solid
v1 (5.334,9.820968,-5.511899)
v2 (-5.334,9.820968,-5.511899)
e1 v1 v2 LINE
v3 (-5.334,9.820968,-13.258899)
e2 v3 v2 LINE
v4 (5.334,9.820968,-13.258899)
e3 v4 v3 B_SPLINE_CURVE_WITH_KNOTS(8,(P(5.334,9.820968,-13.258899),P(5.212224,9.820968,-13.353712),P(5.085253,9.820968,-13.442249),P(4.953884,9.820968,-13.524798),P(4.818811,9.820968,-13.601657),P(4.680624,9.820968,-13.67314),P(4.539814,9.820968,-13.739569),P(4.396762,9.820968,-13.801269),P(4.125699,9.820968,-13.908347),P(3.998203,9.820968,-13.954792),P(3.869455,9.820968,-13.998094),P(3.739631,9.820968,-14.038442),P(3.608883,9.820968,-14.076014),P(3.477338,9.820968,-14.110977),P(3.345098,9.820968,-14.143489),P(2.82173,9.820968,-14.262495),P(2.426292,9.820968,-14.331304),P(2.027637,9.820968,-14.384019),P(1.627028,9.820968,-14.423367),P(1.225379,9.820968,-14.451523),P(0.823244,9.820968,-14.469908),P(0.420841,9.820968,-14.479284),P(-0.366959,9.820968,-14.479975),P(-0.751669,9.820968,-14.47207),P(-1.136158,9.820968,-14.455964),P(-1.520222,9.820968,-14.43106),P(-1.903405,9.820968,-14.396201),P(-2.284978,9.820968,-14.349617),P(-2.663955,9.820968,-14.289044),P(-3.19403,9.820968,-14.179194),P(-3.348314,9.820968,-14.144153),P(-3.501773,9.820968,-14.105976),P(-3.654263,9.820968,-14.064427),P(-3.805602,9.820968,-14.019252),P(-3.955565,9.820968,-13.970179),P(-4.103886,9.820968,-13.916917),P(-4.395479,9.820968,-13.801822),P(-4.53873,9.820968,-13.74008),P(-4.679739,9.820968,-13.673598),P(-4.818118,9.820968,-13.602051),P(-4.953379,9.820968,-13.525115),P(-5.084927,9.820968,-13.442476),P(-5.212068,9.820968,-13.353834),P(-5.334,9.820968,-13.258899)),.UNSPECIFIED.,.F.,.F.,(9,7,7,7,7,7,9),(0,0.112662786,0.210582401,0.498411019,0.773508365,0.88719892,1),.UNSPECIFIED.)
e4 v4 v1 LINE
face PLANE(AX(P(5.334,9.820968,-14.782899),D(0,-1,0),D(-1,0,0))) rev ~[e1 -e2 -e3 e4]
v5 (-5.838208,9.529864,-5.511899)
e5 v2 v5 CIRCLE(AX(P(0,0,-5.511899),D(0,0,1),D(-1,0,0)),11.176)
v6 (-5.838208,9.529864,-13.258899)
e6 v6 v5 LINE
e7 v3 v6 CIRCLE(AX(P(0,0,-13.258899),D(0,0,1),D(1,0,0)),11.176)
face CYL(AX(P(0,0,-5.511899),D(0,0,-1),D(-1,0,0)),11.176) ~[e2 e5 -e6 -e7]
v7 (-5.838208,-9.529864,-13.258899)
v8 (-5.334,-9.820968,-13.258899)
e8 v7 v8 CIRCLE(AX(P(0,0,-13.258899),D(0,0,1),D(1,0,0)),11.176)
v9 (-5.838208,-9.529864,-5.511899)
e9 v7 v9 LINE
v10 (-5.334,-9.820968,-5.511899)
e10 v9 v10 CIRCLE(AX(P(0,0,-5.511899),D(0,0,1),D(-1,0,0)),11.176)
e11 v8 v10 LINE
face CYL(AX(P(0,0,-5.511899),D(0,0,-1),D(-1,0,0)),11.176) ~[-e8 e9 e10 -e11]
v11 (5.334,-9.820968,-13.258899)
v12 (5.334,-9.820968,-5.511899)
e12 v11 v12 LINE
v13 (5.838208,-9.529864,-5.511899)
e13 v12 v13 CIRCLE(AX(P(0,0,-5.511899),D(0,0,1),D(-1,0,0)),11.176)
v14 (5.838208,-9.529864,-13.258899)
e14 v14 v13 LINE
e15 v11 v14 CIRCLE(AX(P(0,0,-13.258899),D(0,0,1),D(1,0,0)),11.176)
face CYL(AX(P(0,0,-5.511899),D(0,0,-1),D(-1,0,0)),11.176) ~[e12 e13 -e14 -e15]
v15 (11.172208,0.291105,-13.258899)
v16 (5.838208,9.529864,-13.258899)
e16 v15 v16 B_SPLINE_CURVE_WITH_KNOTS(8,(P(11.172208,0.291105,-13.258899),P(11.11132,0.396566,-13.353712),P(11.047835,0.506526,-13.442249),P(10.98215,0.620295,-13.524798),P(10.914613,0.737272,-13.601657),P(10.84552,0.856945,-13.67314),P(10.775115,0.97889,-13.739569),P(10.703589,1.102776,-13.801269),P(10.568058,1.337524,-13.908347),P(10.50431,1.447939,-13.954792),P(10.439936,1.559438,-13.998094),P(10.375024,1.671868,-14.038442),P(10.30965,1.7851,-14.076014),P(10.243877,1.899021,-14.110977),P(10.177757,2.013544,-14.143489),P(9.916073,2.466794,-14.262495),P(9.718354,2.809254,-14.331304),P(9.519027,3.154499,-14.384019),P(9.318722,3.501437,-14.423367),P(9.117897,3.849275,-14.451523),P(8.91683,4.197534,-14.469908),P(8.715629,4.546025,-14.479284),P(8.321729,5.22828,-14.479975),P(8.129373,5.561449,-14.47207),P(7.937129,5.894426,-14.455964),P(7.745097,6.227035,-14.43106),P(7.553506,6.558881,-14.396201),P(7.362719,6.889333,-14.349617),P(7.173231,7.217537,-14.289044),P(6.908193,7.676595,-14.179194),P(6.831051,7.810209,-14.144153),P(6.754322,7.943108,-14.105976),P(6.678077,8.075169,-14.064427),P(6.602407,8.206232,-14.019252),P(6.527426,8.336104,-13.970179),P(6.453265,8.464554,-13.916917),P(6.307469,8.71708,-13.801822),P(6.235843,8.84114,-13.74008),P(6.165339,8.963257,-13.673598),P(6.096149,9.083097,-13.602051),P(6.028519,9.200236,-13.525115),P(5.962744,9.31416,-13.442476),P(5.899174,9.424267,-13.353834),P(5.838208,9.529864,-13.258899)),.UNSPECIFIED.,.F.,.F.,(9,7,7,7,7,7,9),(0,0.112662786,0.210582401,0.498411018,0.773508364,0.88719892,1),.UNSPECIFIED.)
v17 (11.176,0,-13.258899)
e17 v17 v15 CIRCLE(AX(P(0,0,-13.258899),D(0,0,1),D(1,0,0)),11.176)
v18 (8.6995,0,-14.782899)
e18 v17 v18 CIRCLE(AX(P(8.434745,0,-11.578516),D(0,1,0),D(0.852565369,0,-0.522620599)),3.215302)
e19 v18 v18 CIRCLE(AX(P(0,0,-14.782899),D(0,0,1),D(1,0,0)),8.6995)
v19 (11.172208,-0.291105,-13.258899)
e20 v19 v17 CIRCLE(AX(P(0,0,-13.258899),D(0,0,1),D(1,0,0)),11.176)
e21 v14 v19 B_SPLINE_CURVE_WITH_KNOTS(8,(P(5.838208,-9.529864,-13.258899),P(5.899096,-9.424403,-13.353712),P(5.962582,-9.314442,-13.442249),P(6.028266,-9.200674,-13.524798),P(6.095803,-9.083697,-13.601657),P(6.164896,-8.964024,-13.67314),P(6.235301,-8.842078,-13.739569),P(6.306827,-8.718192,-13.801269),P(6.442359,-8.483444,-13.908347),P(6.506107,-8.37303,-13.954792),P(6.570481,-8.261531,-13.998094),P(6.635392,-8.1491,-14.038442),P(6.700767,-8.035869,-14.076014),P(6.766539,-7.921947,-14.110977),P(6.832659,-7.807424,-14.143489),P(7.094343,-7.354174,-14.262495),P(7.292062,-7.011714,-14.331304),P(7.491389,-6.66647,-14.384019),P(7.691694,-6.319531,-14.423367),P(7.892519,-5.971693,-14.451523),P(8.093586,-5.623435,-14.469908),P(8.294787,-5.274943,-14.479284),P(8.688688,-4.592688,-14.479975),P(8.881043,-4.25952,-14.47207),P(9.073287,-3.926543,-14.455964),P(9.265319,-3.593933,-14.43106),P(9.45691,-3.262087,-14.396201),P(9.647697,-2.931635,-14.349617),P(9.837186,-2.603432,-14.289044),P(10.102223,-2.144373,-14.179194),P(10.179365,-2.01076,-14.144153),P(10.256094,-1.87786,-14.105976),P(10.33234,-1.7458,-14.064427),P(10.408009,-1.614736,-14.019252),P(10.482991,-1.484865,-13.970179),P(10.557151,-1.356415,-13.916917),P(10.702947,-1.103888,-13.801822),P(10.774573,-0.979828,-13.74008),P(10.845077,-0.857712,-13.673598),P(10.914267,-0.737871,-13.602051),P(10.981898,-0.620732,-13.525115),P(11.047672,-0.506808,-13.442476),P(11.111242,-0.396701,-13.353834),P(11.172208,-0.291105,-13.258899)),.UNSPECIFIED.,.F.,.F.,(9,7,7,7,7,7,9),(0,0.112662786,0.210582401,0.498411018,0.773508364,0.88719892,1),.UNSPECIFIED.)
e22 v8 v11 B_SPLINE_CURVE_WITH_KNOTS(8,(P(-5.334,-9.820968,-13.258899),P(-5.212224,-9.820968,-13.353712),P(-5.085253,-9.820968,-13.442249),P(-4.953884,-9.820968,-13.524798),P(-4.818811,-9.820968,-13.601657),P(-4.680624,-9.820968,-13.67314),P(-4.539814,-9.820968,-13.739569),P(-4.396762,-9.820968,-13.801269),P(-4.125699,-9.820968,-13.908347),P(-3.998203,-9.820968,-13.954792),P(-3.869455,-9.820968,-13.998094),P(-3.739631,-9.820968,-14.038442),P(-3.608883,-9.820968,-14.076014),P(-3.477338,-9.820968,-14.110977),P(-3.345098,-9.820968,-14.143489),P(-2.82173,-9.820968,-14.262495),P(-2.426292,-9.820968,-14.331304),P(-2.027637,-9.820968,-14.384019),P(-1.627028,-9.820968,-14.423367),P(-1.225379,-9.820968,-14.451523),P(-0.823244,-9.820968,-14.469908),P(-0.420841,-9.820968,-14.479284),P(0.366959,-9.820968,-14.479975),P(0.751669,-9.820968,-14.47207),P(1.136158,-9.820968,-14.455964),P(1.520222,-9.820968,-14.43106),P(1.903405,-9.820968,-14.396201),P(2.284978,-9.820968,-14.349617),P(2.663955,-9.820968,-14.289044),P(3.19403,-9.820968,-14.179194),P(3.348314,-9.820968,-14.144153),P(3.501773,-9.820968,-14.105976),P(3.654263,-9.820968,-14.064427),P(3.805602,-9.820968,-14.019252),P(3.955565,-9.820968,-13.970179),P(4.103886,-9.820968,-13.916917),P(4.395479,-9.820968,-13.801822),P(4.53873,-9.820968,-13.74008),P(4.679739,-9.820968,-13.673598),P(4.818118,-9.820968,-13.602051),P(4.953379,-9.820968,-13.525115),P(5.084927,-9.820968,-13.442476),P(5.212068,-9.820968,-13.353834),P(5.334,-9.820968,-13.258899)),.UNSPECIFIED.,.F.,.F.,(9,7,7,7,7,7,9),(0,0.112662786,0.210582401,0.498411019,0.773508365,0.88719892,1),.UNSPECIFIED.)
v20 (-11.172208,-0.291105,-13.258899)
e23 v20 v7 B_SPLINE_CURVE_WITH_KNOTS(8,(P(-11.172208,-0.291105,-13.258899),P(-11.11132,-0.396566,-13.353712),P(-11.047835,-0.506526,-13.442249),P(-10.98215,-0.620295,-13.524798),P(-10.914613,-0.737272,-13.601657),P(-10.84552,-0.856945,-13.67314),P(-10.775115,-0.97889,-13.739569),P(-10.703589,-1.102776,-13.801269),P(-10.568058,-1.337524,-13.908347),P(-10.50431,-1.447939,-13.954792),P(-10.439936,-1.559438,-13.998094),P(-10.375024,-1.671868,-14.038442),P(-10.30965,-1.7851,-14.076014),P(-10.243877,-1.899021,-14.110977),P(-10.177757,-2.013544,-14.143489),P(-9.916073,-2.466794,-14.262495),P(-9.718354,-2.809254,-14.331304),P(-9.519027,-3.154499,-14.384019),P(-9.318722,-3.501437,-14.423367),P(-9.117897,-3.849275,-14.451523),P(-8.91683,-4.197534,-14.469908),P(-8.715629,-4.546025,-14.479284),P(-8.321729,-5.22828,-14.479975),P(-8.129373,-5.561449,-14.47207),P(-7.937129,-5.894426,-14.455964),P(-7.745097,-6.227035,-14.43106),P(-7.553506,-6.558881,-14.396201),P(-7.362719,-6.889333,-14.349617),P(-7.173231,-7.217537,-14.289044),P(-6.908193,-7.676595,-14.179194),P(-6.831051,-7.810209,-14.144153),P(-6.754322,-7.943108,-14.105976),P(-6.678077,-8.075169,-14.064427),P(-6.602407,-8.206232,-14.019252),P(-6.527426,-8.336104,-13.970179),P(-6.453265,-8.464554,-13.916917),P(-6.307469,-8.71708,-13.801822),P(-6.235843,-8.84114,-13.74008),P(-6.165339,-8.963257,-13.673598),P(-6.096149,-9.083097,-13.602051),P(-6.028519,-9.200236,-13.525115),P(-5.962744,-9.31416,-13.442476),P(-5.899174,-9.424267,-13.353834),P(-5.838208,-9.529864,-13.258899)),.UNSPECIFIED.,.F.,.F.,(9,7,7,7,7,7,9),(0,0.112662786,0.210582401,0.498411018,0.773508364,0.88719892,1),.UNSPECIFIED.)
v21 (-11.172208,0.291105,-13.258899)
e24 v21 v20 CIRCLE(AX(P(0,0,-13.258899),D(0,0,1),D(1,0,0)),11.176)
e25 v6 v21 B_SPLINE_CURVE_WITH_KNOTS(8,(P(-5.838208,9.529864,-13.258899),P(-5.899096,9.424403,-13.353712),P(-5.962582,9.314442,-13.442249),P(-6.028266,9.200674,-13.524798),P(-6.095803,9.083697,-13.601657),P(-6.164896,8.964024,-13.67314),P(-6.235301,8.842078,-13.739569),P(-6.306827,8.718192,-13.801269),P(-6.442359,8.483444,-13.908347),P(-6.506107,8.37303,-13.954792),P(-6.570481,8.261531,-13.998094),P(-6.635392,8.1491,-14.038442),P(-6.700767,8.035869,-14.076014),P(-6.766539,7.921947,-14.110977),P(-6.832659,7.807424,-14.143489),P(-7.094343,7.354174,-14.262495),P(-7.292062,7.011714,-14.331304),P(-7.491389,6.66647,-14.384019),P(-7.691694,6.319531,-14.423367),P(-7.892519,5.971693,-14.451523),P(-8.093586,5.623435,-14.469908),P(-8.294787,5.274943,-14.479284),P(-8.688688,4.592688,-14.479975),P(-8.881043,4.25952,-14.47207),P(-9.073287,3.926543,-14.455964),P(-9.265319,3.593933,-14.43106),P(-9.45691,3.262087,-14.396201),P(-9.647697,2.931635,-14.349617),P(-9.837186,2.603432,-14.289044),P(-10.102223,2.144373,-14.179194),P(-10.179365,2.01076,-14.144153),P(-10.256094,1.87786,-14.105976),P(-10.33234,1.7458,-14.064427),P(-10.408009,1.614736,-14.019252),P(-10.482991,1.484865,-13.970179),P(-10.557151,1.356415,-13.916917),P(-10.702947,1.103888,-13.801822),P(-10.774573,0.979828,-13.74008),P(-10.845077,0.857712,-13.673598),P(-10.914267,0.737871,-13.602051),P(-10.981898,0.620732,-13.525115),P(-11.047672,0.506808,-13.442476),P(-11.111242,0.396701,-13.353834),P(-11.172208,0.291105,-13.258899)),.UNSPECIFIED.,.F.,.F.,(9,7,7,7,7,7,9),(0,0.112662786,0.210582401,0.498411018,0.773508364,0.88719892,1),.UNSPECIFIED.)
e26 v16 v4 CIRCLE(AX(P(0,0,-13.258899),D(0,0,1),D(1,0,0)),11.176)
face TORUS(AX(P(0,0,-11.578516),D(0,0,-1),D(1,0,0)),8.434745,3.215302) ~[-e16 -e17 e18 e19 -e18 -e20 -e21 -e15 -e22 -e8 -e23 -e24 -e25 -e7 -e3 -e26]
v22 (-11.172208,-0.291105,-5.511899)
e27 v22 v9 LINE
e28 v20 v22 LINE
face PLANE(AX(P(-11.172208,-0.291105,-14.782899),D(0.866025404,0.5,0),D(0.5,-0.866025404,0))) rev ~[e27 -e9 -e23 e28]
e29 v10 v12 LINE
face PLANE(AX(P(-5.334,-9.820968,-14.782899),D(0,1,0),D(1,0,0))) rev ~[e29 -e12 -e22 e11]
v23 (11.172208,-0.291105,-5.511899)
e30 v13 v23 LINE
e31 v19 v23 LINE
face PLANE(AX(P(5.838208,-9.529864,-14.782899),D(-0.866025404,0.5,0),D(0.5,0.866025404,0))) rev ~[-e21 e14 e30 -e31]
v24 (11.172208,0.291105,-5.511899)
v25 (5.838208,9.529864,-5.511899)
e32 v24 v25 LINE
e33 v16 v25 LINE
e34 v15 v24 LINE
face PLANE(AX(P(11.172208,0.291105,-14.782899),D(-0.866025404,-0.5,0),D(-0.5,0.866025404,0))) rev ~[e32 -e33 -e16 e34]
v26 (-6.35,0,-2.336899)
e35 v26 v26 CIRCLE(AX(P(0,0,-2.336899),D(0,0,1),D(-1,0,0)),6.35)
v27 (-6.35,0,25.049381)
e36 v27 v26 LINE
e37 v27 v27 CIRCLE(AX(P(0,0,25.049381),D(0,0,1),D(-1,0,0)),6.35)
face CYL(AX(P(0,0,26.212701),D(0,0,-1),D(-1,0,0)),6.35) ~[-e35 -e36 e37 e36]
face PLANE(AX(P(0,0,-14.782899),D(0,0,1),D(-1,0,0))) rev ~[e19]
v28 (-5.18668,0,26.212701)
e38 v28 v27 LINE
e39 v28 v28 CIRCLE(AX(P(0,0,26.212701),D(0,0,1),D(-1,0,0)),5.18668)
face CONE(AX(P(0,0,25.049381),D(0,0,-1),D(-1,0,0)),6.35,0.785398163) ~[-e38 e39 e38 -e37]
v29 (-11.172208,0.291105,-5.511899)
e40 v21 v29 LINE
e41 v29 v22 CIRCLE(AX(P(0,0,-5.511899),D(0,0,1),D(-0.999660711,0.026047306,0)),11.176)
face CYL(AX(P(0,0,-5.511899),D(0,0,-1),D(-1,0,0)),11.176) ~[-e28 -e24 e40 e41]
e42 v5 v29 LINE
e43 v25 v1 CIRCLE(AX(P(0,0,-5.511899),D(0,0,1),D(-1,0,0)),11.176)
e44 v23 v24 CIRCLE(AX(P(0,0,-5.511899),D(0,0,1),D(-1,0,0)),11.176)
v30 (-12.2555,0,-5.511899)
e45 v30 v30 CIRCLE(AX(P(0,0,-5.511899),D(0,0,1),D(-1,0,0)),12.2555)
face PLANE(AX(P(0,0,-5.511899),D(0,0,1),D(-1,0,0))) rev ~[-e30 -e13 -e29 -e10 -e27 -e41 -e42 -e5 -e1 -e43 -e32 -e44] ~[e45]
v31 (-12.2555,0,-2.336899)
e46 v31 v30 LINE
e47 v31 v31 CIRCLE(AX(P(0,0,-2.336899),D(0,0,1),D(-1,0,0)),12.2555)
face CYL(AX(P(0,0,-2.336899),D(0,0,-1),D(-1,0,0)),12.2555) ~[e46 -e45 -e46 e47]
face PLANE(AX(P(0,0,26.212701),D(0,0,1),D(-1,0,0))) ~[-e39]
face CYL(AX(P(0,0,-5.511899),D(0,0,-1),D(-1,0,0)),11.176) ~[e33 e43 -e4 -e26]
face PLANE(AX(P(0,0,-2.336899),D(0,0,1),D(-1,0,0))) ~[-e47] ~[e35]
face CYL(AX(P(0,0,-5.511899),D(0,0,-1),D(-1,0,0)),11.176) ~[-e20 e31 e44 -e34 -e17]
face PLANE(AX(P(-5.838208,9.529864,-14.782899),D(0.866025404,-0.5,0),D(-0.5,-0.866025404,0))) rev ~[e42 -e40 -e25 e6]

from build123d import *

# Parameters (mm, degrees)
CUT_EXTRUDE1_DEPTH = 9.271
CHAMFER1_SIZE      = 1.16332


with BuildPart() as part:
    # Sketch1 → Revolve2 (revolve)
    with BuildSketch(Plane(origin=(0, 0, 0), x_dir=(1, 0, 0), z_dir=(0, 1, 0))):
        Polygon((0, 14.782898833), (0, -26.212701167), (-6.35, -26.212701167), (-6.35, 2.336898833), (-12.2555, 2.336898833), (-12.2555, 5.511898833), (-11.176, 5.511898833), (-11.176, 14.782898833), align=None)
    revolve(axis=Axis((0, 0, -24.892494163), (0, 0, 1)))

    # Sketch3 → Cut-Extrude1 (cut)
    with BuildSketch(Plane(origin=(0, 0, -14.782898833), x_dir=(-1, 0, 0), z_dir=(0, 0, -1))):
        with BuildLine():
            ThreePointArc((5.334, 9.820968384), (0, 11.176), (-5.334, 9.820968384))
            Line((-5.334, 9.820968384), (5.334, 9.820968384))
        make_face()
        with BuildLine():
            Line((-11.17220811, 0.291104688), (-5.83820811, 9.529863696))
            ThreePointArc((-5.83820811, 9.529863696), (-9.678699913, 5.588), (-11.17220811, 0.291104688))
        make_face()
        with BuildLine():
            Line((-5.83820811, -9.529863696), (-11.17220811, -0.291104688))
            ThreePointArc((-11.17220811, -0.291104688), (-9.678699913, -5.588), (-5.83820811, -9.529863696))
        make_face()
        with BuildLine():
            Line((5.334, -9.820968384), (-5.334, -9.820968384))
            ThreePointArc((-5.334, -9.820968384), (0, -11.176), (5.334, -9.820968384))
        make_face()
        with BuildLine():
            ThreePointArc((5.83820811, -9.529863696), (9.678699913, -5.588), (11.17220811, -0.291104688))
            Line((11.17220811, -0.291104688), (5.83820811, -9.529863696))
        make_face()
        with BuildLine():
            ThreePointArc((11.17220811, 0.291104688), (9.678699913, 5.588), (5.83820811, 9.529863696))
            Line((5.83820811, 9.529863696), (11.17220811, 0.291104688))
        make_face()
    extrude(amount=-CUT_EXTRUDE1_DEPTH, mode=Mode.SUBTRACT)

    # Sketch4 → Cut-Revolve1 (revolve, cut)
    with BuildSketch(Plane(origin=(0, 0, 0), x_dir=(1, 0, 0), z_dir=(0, 1, 0))):
        with BuildLine():
            Line((8.6995, 14.782898833), (11.176, 14.782898833))
            Line((11.176, 14.782898833), (11.176, 13.258898833))
            ThreePointArc((11.176, 13.258898833), (10.119876474, 14.316854353), (8.6995, 14.782898833))
        make_face()
    revolve(axis=Axis((0, 0, -20.186462401), (0, 0, 1)), mode=Mode.SUBTRACT)

    # Chamfer1
    chamfer1_edges = [part.edges().sort_by_distance(p)[0] for p in [
        (6.35, 0, 26.212701167),
    ]]
    chamfer(chamfer1_edges, length=CHAMFER1_SIZE)


solid = part.part
